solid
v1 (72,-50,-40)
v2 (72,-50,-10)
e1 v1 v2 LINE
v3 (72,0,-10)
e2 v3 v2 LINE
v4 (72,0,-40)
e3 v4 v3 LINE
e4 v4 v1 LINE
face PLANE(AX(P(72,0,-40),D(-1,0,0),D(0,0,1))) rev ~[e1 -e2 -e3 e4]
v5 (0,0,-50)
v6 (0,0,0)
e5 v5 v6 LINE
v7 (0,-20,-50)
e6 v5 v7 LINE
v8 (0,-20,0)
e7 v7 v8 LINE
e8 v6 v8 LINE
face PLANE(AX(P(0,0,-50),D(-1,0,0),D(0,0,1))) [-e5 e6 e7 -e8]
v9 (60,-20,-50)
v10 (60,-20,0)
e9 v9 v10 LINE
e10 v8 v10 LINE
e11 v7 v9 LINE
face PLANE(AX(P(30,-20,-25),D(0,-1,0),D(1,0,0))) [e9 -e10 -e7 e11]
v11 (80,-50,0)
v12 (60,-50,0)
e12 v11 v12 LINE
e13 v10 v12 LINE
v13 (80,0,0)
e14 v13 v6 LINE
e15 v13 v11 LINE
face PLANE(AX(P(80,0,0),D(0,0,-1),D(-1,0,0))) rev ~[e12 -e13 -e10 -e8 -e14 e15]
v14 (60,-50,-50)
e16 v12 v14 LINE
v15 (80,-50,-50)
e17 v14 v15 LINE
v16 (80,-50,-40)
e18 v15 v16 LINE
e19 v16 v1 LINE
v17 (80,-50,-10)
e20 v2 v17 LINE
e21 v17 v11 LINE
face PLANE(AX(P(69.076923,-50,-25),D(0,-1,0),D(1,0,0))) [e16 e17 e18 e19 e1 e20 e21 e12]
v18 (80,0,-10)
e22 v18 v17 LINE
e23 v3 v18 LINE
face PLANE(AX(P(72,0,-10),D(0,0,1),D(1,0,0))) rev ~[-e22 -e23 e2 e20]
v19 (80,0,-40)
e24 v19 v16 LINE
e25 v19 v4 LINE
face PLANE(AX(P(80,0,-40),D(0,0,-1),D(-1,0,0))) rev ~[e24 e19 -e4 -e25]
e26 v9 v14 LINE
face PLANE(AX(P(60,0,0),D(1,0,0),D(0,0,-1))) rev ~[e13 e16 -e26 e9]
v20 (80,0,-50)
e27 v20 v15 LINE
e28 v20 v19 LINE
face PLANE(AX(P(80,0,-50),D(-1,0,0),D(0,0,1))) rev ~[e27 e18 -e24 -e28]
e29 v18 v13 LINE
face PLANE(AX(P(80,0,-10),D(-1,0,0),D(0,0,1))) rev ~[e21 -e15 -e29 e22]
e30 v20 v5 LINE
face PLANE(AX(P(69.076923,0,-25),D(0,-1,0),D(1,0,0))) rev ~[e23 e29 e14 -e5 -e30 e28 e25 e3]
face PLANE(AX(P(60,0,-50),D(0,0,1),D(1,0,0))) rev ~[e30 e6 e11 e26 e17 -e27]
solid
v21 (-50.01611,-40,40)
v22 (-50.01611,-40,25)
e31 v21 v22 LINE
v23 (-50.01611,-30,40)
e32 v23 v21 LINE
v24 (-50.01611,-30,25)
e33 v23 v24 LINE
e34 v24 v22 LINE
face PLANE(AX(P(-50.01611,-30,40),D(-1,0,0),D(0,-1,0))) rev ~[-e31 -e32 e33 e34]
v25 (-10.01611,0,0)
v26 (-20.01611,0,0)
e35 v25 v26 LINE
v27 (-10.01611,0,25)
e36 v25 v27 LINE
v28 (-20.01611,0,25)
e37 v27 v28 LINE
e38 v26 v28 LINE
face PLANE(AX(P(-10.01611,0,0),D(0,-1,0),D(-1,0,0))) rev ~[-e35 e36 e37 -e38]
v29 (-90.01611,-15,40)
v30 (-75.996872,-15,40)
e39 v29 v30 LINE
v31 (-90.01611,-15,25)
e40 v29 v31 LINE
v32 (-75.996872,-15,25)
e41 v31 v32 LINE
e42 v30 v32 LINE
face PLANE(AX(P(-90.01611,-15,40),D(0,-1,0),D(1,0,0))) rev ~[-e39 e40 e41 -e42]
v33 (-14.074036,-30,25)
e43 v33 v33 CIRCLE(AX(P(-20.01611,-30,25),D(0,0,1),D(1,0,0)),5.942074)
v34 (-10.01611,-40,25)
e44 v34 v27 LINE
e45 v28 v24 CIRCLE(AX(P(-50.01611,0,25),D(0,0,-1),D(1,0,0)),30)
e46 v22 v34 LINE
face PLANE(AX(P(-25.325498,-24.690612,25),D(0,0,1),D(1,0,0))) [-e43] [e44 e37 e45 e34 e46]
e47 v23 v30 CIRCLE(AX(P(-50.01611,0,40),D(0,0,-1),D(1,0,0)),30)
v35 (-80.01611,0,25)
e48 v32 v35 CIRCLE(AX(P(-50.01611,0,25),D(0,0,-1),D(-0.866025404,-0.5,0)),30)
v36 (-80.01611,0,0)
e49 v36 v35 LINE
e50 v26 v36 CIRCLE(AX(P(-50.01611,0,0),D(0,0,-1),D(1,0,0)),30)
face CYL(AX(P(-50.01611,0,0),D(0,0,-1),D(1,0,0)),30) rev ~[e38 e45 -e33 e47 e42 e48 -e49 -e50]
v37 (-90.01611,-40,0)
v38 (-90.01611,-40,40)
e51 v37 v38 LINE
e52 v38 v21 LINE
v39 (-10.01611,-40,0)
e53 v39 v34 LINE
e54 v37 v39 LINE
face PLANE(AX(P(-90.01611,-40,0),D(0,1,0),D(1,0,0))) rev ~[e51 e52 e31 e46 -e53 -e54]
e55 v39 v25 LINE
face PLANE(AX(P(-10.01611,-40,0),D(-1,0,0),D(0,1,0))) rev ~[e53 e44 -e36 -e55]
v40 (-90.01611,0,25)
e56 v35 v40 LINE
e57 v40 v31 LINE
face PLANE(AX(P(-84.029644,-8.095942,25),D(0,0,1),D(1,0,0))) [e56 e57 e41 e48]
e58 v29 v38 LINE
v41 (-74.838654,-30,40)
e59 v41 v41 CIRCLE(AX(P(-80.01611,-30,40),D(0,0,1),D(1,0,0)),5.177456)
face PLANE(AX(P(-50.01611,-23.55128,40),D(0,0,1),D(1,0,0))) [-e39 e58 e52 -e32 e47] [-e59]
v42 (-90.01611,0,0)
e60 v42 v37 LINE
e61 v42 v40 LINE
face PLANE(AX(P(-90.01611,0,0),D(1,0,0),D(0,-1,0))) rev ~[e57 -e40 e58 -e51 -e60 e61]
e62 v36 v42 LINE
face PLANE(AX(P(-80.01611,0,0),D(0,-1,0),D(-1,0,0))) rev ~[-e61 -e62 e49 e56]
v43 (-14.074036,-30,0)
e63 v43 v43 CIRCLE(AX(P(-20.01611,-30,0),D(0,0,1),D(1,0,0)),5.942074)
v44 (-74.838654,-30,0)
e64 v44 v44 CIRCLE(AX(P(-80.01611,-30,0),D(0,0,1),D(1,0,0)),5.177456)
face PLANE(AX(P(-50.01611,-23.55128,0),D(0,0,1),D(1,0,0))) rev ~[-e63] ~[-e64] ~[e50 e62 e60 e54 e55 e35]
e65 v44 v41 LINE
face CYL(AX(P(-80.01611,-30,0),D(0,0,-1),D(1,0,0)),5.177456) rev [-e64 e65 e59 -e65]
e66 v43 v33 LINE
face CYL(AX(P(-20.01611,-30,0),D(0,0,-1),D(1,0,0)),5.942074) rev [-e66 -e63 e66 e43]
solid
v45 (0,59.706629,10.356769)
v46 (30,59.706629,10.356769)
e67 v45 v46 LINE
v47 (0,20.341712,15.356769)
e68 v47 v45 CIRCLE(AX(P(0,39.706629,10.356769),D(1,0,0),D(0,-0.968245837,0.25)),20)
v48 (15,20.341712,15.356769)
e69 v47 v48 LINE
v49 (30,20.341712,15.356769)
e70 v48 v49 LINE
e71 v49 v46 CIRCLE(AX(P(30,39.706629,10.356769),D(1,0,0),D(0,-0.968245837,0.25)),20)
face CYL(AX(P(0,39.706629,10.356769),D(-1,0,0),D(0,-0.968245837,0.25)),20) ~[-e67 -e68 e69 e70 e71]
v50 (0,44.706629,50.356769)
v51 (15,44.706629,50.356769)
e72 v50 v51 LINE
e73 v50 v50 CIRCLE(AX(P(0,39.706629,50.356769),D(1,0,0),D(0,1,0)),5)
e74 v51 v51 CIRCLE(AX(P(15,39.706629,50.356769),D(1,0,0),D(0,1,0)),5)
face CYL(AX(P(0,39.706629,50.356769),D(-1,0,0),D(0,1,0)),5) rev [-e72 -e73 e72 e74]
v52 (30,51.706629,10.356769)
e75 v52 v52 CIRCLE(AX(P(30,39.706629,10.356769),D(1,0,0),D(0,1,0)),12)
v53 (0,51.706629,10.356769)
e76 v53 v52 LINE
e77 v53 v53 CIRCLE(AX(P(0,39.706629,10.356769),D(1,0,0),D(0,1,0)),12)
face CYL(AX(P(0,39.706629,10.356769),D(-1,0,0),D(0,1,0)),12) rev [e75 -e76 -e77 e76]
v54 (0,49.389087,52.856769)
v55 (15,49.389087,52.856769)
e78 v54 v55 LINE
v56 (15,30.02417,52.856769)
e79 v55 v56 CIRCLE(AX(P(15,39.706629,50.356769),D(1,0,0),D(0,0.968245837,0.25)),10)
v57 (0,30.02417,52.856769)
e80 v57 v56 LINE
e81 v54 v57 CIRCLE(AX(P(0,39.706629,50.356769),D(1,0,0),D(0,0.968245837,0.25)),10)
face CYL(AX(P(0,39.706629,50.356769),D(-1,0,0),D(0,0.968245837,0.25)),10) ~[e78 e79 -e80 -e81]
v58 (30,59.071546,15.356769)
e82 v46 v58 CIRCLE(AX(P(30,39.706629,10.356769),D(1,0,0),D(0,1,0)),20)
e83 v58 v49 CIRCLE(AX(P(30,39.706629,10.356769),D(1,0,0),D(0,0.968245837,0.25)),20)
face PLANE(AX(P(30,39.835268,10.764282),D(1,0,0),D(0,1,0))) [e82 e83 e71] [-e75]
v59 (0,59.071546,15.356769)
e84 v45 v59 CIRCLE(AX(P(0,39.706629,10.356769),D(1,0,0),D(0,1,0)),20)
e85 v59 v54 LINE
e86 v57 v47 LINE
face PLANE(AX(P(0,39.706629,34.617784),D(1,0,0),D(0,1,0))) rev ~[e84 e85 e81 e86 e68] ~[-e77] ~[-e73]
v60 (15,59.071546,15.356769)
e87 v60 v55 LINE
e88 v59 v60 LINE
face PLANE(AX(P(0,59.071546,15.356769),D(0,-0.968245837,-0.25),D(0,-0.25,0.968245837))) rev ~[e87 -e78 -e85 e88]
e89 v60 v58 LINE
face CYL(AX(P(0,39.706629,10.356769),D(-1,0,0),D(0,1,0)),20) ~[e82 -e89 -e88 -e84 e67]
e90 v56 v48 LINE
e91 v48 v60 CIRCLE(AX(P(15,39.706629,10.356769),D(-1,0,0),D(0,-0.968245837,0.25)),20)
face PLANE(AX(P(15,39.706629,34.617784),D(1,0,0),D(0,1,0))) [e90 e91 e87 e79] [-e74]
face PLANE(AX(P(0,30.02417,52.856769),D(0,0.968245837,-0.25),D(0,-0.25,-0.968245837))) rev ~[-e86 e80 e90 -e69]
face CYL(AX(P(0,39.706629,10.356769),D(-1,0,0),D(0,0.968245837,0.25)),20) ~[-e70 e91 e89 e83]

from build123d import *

# Parameters (mm, degrees)
F0_W     = 60
F0_H     = 50
F1_DEPTH = 20
F2_DEPTH = 50
F3_R     = 12
F4_DEPTH = 30
F3_R_2   = 5
F5_DEPTH = 15
F6_R     = 5.1774558674
F6_R_2   = 5.9420738314
F7_DEPTH = 40
F8_R     = 5.9420738314
F9_DEPTH = 15


with BuildPart() as f1:
    # F0 (on Front) → F1 (new body)
    with BuildSketch(Plane.XZ):
        with Locations((30, -25)):
            Rectangle(F0_W, F0_H)
    extrude(amount=F1_DEPTH)

    # F0 (on Front) → F2 (join)
    with BuildSketch(Plane.XZ):
        Polygon((80, 0), (60, 0), (60, -50), (80, -50), (80, -40), (72, -40), (72, -10), (80, -10), align=None)
    extrude(amount=F2_DEPTH)


with BuildPart() as f4:
    # F3 (on Right) → F4 (new body)
    with BuildSketch(Plane.YZ):
        with BuildLine():
            ThreePointArc((20.3417120386, 15.3567687949), (37.18654292, -9.4838251305), (59.7066287696, 10.3567687949))
            ThreePointArc((59.7066287696, 10.3567687949), (59.547222695, 12.8768546445), (59.0715455007, 15.3567687949))
            ThreePointArc((59.0715455007, 15.3567687949), (39.7066287696, 30.3567687949), (20.3417120386, 15.3567687949))
        make_face()
        with Locations((39.7066287696, 10.3567687949)):
            Circle(F3_R, mode=Mode.SUBTRACT)
    extrude(amount=F4_DEPTH)

    # F3 (on Right) → F5 (join)
    with BuildSketch(Plane.YZ):
        with BuildLine():
            ThreePointArc((20.3417120386, 15.3567687949), (39.7066287696, 30.3567687949), (59.0715455007, 15.3567687949))
            Line((59.0715455007, 15.3567687949), (49.3890871352, 52.8567687949))
            ThreePointArc((49.3890871352, 52.8567687949), (39.7066287696, 60.3567687949), (30.0241704041, 52.8567687949))
            Line((30.0241704041, 52.8567687949), (20.3417120386, 15.3567687949))
        make_face()
        with Locations((39.7066287696, 50.3567687949)):
            Circle(F3_R_2, mode=Mode.SUBTRACT)
    extrude(amount=F5_DEPTH)


with BuildPart() as f7:
    # F6 (on Top) → F7 (new body)
    with BuildSketch(Plane.XY):
        with BuildLine():
            Line((-80.0161100341, 0), (-90.0161100341, 0))
            Line((-90.0161100341, 0), (-90.0161100341, -40))
            Line((-90.0161100341, -40), (-10.0161100341, -40))
            Line((-10.0161100341, -40), (-10.0161100341, 0))
            Line((-10.0161100341, 0), (-20.0161100341, 0))
            ThreePointArc((-20.0161100341, 0), (-50.0161100341, -30), (-80.0161100341, 0))
        make_face()
        with Locations((-80.0161100341, -30)):
            Circle(F6_R, mode=Mode.SUBTRACT)
        with Locations((-20.0161100341, -30)):
            Circle(F6_R_2, mode=Mode.SUBTRACT)
    extrude(amount=F7_DEPTH)

    # F8 (on face) → F9 (cut)
    with BuildSketch(Plane.XY.offset(40)):
        with BuildLine():
            Line((-90.0161100341, 0), (-90.0161100341, -15))
            Line((-90.0161100341, -15), (-75.9968721476, -15))
            ThreePointArc((-75.9968721476, -15), (-78.9938848227, -7.7645713531), (-80.0161100341, 0))
            Line((-80.0161100341, 0), (-90.0161100341, 0))
        make_face()
        with BuildLine():
            ThreePointArc((-20.0161100341, 0), (-28.8029065985, -21.2132034356), (-50.0161100341, -30))
            Line((-50.0161100341, -30), (-50.0161100341, -40))
            Line((-50.0161100341, -40), (-10.0161100341, -40))
            Line((-10.0161100341, -40), (-10.0161100341, 0))
            Line((-10.0161100341, 0), (-20.0161100341, 0))
        make_face()
        with Locations((-20.0161100341, -30)):
            Circle(F8_R, mode=Mode.SUBTRACT)
    extrude(amount=-F9_DEPTH, mode=Mode.SUBTRACT)


solid = Compound([f1.part, f4.part, f7.part])
